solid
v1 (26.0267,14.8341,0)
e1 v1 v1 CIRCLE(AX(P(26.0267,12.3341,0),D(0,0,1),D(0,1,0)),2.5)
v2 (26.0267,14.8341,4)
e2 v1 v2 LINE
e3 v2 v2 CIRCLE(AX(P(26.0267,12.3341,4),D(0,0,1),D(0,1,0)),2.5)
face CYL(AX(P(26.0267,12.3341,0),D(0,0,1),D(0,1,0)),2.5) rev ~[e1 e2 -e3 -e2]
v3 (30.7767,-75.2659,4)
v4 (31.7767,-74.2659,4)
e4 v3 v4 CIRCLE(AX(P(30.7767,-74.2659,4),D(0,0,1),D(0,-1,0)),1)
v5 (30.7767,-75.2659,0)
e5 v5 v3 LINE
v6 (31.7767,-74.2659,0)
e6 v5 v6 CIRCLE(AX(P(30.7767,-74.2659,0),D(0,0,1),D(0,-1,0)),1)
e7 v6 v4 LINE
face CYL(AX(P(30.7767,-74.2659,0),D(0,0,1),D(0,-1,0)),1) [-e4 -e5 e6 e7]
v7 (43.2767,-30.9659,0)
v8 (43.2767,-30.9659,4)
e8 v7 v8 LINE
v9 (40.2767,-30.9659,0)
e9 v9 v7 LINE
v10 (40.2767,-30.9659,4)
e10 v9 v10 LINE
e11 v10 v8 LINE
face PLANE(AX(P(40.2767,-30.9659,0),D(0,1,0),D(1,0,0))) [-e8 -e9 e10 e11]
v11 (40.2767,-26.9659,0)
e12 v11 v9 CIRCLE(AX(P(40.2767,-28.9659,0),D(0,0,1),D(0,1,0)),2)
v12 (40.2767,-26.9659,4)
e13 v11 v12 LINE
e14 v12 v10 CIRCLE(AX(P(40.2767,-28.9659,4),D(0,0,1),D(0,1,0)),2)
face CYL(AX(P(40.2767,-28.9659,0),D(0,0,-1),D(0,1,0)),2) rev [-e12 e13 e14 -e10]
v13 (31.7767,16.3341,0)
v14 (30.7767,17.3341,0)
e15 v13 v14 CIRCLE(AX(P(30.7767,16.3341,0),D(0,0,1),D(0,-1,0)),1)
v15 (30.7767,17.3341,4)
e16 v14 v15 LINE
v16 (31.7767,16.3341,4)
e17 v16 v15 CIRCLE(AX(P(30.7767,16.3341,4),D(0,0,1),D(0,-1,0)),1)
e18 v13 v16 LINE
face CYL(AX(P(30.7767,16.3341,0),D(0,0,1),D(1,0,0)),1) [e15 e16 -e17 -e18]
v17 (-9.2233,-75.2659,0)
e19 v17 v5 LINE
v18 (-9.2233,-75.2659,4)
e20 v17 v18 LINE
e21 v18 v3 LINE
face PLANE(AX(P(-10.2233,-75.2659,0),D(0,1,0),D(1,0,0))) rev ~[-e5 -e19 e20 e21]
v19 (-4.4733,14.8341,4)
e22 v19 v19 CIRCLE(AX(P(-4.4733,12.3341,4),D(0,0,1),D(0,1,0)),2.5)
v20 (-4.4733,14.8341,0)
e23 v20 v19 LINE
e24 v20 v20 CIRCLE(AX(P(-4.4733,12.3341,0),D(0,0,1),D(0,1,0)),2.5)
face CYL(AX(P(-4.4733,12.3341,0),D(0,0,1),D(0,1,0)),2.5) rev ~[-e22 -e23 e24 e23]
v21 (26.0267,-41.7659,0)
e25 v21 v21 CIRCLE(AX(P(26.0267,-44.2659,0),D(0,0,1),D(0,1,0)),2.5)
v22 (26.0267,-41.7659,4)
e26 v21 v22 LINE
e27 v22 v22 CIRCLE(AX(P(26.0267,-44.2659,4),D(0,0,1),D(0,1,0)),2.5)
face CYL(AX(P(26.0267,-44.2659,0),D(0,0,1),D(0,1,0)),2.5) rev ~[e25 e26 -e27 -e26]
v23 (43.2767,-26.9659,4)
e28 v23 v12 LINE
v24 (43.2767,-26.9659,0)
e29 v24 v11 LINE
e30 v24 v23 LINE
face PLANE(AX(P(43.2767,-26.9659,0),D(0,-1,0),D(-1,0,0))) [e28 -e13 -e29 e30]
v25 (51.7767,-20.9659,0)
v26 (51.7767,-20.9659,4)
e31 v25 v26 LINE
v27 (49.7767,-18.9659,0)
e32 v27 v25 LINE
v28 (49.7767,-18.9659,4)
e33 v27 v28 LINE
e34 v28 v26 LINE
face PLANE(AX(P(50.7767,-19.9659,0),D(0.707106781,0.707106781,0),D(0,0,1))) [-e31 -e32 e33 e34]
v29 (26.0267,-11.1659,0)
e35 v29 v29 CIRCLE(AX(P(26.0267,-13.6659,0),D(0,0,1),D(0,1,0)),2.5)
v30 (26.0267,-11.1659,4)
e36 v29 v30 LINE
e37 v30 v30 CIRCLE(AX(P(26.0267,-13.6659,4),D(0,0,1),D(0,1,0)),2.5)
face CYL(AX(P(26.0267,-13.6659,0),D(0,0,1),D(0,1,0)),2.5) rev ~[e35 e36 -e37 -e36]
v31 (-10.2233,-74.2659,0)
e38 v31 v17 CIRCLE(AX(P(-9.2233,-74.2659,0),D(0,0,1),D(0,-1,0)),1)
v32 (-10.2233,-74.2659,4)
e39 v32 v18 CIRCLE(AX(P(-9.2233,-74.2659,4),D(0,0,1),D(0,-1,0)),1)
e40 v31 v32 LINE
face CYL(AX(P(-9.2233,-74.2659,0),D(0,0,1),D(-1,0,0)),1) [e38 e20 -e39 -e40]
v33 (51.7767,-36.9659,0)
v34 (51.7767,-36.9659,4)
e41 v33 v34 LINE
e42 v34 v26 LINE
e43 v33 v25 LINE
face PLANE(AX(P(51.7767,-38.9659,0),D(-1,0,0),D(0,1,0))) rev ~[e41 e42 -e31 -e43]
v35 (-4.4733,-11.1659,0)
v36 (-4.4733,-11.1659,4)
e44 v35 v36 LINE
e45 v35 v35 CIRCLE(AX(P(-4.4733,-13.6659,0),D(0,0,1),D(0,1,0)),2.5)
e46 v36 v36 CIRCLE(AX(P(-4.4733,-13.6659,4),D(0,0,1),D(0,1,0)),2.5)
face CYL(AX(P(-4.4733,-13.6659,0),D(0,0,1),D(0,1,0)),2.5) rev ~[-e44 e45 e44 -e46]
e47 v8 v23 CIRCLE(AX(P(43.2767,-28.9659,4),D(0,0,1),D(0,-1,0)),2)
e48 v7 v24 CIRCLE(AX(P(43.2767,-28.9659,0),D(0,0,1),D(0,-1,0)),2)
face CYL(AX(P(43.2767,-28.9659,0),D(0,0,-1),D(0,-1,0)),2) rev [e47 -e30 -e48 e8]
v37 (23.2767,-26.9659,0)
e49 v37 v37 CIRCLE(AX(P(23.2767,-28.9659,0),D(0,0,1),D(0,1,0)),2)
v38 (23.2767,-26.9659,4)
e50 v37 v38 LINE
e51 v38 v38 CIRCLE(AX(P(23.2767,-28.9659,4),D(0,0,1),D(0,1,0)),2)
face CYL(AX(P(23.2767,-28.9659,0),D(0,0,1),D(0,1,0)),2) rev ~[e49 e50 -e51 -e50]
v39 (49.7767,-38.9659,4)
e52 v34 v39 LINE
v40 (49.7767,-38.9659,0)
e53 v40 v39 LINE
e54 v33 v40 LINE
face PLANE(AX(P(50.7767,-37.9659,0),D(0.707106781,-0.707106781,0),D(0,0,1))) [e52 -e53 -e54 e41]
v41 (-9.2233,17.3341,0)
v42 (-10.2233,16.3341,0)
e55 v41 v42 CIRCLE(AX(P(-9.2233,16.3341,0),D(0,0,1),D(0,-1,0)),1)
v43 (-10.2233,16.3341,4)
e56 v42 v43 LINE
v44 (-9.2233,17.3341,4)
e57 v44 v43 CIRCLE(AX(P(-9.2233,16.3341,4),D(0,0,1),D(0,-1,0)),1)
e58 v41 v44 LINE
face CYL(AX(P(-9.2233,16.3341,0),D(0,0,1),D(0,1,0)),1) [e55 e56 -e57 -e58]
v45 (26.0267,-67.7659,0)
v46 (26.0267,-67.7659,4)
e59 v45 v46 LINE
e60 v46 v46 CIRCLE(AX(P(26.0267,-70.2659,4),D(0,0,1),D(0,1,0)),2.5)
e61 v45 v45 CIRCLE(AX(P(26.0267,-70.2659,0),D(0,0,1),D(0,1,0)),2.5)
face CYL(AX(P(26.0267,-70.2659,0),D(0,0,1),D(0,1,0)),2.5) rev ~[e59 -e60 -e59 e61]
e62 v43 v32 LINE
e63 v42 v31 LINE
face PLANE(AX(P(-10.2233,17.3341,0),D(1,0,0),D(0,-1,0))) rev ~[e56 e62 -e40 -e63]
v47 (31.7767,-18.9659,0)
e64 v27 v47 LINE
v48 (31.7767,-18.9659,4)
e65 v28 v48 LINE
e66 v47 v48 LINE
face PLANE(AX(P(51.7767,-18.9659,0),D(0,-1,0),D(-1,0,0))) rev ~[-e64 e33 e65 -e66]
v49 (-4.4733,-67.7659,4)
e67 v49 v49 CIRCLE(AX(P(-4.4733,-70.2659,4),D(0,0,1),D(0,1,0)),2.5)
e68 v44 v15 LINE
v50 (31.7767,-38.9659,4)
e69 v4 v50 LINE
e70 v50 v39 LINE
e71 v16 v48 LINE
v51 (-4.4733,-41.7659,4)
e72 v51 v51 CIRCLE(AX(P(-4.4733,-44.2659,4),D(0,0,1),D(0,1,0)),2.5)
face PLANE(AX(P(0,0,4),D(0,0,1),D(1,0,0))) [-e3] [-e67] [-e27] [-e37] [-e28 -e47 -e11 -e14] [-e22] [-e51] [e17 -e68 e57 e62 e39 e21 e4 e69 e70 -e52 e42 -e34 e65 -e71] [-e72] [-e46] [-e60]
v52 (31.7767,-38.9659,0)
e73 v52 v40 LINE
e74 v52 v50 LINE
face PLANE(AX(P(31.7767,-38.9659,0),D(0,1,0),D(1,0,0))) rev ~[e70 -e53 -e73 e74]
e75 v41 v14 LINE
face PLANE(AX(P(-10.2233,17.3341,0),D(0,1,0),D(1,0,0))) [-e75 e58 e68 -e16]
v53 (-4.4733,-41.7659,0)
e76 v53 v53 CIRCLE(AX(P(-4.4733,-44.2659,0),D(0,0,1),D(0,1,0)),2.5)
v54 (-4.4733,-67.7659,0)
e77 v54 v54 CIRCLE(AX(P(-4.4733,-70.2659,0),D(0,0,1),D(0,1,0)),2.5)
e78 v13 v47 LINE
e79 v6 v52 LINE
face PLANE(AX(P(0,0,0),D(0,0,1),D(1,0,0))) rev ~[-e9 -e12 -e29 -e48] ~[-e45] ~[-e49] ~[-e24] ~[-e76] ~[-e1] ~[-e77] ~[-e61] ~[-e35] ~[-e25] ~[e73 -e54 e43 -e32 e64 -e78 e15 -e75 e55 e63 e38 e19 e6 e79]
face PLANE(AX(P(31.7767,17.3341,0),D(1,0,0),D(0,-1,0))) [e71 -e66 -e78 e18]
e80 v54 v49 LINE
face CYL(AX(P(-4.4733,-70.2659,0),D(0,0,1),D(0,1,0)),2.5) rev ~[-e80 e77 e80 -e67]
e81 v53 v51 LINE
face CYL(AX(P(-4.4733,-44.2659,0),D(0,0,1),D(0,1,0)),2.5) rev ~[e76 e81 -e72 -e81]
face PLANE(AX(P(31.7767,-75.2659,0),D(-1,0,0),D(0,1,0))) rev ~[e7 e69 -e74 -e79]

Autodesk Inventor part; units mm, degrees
ref_plane "YZ Plane" through (0, 0, 0) normal (1, 0, 0) x (0, 1, 0)
ref_plane "XZ Plane" through (0, 0, 0) normal (0, 1, 0) x (-1, 0, 0)
ref_plane "XY Plane" through (0, 0, 0) normal (0, 0, 1) x (1, 0, 0)
sketch "Szkic1" plane through (0, 0, 0) normal (0, 0, 1) x (1, 0, 0)
  line L0 (-10.2233, 17.3341) -> (-10.2233, -75.2659)
  line L1 (-10.2233, -75.2659) -> (31.7767, -75.2659)
  line L2 (-10.2233, 17.3341) -> (31.7767, 17.3341)
  line L3 (31.7767, 17.3341) -> (31.7767, -18.9659)
  line L4 (31.7767, -75.2659) -> (31.7767, -38.9659)
  line L5 (31.7767, -38.9659) -> (51.7767, -38.9659)
  line L6 (51.7767, -38.9659) -> (51.7767, -18.9659)
  line L7 (51.7767, -18.9659) -> (31.7767, -18.9659)
  line L8 (43.2767, -28.9659) -> (40.2767, -28.9659) construction
  line L9 (43.2767, -26.9659) -> (40.2767, -26.9659)
  line L10 (40.2767, -30.9659) -> (43.2767, -30.9659)
  arc A0 (43.2767, -30.9659) -> (43.2767, -26.9659) centre (43.2767, -28.9659) ccw
  arc A1 (40.2767, -26.9659) -> (40.2767, -30.9659) centre (40.2767, -28.9659) ccw
  point P0 (0, 0)
  point P1 (-4.4733, 12.3341)
  point P2 (26.0267, 12.3341)
  point P3 (-4.4733, -13.6659)
  point P4 (26.0267, -13.6659)
  point P5 (-4.4733, -44.2659)
  point P6 (26.0267, -44.2659)
  point P7 (-4.4733, -70.2659)
  point P8 (26.0267, -70.2659)
  point P9 (41.7767, -28.9659)
  point P10 (23.2767, -28.9659)
  dimension "d0" = 92.6
  dimension "d1" = 42
  dimension "d2" = 20
  dimension "d3" = 20
  dimension "d4" = 36.3
  dimension "d39" = 5
  dimension "d40" = 5
  dimension "d41" = 5
  dimension "d42" = 5
  dimension "d43" = 5.75
  dimension "d44" = 5.75
  dimension "d45" = 42
  dimension "d46" = 5.75
  dimension "d47" = 5.75
  dimension "d48" = 5.75
  dimension "d49" = 5.75
  dimension "d50" = 36.3
  dimension "d51" = 5.75
  dimension "d52" = 5.75
  dimension "d60" = 26
  dimension "d61" = 26
  dimension "d62" = 26
  dimension "d63" = 26
  dimension "d65" = 10
  dimension "d66" = 10
  dimension "d74" = 1.5
  dimension "d75" = 4
  dimension "d76" = 33.5
  dimension "d77" = 10
extrude "Wyciągnięcie proste1" add sketch "Szkic1" along normal blind 4
chamfer "Faza1" distance 2 angle 45 2 edges at (51.7767, -18.9659, 2) (51.7767, -38.9659, 2)
hole "Otwór3" at (-4.4733, 12.3341, 0) at (26.0267, 12.3341, 0) at (-4.4733, -13.6659, 0) at (26.0267, -13.6659, 0) at (-4.4733, -44.2659, 0) at (26.0267, -44.2659, 0) at (-4.4733, -70.2659, 0) at (26.0267, -70.2659, 0) direction (0, 0, 1) diameter 5 end through all
fillet "Zaokrąglenie1" radius 1 4 edges at (31.7767, 17.3341, 2) (-10.2233, 17.3341, 2) (31.7767, -75.2659, 2) (-10.2233, -75.2659, 2)
hole "Otwór5" at (41.7767, -28.9659, 0) at (23.2767, -28.9659, 0) direction (0, 0, 1) diameter 4 end through all
equation "\"d4\" = -0.5 * d2 + 0.5 * d0"
equation "\"d39\" = d41"
equation "\"d40\" = d41"
equation "\"d42\" = d41"
equation "\"d44\" = d43"
equation "\"d45\" = d1"
equation "\"d46\" = d43"
equation "\"d47\" = d43"
equation "\"d48\" = d43"
equation "\"d49\" = d43"
equation "\"d51\" = d43"
equation "\"d52\" = d43"
properties part number "LC_ALU_4mm_X_End_Bearing_Side"
